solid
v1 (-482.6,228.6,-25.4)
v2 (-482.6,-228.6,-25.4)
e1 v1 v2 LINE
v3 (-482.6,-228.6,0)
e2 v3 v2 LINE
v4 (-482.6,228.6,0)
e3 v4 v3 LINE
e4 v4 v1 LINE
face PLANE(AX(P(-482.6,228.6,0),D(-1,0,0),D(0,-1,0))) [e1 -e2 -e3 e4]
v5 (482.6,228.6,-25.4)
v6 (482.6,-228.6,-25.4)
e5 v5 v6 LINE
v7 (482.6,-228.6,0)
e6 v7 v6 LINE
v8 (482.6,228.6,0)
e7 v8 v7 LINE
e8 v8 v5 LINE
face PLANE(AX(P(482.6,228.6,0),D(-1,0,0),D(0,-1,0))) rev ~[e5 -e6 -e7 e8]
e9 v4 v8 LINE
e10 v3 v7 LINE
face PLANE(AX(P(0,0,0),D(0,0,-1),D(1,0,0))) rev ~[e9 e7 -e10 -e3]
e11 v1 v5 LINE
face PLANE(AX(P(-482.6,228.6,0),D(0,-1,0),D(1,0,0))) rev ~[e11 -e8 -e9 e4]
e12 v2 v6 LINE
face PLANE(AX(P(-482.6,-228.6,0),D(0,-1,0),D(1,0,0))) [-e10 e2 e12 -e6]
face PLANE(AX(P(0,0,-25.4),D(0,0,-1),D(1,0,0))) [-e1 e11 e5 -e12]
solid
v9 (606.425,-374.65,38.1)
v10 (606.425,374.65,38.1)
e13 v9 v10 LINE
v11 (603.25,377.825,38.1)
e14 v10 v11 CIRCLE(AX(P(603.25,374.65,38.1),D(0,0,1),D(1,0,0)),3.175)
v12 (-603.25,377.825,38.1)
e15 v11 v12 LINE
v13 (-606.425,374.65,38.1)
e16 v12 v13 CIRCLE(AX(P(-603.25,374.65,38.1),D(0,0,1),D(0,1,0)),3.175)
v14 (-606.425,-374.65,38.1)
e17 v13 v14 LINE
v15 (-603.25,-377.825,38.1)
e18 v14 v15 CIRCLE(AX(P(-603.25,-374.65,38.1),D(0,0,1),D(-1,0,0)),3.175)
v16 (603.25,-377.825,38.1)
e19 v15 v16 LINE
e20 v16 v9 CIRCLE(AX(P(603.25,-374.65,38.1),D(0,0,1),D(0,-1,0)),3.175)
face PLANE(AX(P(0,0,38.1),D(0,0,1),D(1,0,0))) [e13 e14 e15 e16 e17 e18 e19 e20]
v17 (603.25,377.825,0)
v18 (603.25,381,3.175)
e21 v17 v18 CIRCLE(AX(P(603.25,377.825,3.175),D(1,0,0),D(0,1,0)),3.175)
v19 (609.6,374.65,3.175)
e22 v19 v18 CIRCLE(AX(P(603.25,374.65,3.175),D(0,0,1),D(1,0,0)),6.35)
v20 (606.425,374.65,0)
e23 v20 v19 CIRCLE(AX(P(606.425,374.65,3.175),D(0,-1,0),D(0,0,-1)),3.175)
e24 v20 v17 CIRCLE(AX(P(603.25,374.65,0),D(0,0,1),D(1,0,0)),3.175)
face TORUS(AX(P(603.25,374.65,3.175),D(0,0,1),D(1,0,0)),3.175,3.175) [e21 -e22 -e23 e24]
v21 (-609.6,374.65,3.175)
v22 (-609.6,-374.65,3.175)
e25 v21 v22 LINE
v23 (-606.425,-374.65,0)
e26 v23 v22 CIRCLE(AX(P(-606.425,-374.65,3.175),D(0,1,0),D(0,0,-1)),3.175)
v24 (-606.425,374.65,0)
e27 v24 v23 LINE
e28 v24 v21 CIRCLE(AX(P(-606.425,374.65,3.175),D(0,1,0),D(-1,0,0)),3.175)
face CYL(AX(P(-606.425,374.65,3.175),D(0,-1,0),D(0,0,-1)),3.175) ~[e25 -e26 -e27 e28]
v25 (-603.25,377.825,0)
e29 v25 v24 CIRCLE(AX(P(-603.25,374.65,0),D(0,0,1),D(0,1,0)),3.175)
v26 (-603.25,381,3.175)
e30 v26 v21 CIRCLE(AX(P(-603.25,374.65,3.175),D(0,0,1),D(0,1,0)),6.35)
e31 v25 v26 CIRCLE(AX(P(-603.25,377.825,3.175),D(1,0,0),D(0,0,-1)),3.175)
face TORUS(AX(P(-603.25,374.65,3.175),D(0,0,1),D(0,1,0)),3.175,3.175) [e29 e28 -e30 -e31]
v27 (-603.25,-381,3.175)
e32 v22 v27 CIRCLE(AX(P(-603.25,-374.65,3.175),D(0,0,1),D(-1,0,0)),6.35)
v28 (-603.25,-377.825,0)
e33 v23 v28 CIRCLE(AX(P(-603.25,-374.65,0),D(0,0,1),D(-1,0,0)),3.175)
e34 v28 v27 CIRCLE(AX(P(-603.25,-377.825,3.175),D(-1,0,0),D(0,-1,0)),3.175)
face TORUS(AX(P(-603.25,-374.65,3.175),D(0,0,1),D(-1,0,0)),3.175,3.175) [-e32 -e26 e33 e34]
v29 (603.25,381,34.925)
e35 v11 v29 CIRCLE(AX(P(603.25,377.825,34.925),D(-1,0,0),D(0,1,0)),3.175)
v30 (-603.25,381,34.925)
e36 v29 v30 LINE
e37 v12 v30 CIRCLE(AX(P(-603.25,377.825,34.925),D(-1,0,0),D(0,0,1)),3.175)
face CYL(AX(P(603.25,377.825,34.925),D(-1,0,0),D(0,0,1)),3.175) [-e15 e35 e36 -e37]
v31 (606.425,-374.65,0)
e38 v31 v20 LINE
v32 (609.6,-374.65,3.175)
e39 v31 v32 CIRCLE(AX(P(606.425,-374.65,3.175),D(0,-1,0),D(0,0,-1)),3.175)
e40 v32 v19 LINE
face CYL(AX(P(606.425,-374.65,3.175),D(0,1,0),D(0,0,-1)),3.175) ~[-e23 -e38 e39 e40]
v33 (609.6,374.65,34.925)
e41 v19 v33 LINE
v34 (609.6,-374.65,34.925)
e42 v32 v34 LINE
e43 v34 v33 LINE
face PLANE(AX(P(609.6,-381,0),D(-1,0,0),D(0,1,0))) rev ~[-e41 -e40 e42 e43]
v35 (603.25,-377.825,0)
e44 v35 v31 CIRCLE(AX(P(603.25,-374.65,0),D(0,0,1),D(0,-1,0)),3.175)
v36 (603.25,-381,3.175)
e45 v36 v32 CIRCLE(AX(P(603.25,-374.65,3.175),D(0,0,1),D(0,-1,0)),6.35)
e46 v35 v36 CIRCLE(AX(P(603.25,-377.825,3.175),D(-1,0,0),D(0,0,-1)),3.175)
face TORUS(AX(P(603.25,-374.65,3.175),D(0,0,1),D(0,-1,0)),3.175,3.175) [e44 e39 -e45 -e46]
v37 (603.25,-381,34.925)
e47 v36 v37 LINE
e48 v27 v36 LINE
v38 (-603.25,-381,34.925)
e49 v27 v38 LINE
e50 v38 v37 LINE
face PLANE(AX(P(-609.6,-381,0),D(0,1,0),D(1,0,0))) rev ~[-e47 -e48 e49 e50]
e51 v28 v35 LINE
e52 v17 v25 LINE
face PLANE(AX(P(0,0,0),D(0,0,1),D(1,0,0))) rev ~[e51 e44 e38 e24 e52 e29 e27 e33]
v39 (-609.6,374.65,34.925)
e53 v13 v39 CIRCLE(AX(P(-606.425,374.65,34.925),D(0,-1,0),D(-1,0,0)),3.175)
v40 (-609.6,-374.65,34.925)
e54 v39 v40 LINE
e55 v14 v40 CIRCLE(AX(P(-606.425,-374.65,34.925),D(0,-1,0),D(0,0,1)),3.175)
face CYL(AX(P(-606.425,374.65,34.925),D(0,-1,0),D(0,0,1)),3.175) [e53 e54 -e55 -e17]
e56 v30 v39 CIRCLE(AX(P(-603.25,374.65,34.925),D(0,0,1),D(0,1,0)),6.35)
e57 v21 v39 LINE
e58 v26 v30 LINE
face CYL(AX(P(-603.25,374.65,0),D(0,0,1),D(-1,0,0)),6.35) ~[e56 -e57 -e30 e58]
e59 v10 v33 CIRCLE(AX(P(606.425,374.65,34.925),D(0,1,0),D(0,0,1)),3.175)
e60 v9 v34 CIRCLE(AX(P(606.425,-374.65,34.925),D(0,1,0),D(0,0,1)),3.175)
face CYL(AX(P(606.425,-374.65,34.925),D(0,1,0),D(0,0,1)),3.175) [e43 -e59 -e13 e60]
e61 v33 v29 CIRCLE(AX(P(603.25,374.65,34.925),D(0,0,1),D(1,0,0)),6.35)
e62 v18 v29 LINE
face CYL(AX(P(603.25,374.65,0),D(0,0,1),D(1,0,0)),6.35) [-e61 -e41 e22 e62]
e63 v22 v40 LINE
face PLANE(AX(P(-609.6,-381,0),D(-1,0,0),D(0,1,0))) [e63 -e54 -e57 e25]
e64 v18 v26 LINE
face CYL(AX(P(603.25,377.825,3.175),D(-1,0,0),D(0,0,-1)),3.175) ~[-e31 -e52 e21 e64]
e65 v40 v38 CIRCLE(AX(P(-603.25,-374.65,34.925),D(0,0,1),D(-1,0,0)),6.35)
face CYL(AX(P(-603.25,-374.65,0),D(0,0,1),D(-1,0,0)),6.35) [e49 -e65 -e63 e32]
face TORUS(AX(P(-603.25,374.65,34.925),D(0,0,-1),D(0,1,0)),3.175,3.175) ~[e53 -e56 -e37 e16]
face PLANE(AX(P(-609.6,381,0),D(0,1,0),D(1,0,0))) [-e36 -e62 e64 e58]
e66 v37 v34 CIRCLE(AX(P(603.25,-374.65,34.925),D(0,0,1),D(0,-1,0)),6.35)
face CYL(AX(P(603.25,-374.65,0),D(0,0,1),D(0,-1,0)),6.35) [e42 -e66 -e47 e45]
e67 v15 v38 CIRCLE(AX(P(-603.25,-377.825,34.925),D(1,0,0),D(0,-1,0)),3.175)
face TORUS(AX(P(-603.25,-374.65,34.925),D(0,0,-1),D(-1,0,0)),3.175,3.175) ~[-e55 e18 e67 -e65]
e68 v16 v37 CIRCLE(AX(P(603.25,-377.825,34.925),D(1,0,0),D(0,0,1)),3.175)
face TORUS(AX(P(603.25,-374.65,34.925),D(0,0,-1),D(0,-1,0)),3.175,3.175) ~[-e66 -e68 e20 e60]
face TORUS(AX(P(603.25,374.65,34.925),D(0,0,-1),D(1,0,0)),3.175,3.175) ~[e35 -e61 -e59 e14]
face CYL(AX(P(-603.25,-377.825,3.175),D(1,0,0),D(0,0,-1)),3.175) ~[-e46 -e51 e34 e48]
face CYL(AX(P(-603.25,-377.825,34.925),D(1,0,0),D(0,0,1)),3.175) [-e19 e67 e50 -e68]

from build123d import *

# Parameters (mm, degrees)
F0_W     = 1219.2
F0_H     = 762
F1_DEPTH = 38.1
F2_R     = 6.35
F3_R     = 3.175
F4_W     = 965.2
F4_H     = 457.2
F5_DEPTH = 25.4


with BuildPart() as f1:
    # F0 (on Top) → F1 (new body)
    with BuildSketch(Plane.XY):
        Rectangle(F0_W, F0_H)
    extrude(amount=F1_DEPTH)

    # F2
    f2_edges = [f1.edges().sort_by_distance(p)[0] for p in [
        (-609.6, -381, 19.05),
        (609.6, -381, 19.05),
        (-609.6, 381, 19.05),
        (609.6, 381, 19.05),
    ]]
    fillet(f2_edges, radius=F2_R)

    # F3
    f3_edges = [f1.edges().sort_by_distance(p)[0] for p in [
        (609.6, 0, 38.1),
        (609.6, 0, 0),
    ]]
    fillet(f3_edges, radius=F3_R)


with BuildPart() as f5:
    # F4 (on face) → F5 (new body)
    with BuildSketch(Plane(origin=(0, 0, 0), x_dir=(1, 0, 0), z_dir=(0, 0, -1))):
        Rectangle(F4_W, F4_H)
    extrude(amount=F5_DEPTH)


solid = Compound([f1.part, f5.part])
